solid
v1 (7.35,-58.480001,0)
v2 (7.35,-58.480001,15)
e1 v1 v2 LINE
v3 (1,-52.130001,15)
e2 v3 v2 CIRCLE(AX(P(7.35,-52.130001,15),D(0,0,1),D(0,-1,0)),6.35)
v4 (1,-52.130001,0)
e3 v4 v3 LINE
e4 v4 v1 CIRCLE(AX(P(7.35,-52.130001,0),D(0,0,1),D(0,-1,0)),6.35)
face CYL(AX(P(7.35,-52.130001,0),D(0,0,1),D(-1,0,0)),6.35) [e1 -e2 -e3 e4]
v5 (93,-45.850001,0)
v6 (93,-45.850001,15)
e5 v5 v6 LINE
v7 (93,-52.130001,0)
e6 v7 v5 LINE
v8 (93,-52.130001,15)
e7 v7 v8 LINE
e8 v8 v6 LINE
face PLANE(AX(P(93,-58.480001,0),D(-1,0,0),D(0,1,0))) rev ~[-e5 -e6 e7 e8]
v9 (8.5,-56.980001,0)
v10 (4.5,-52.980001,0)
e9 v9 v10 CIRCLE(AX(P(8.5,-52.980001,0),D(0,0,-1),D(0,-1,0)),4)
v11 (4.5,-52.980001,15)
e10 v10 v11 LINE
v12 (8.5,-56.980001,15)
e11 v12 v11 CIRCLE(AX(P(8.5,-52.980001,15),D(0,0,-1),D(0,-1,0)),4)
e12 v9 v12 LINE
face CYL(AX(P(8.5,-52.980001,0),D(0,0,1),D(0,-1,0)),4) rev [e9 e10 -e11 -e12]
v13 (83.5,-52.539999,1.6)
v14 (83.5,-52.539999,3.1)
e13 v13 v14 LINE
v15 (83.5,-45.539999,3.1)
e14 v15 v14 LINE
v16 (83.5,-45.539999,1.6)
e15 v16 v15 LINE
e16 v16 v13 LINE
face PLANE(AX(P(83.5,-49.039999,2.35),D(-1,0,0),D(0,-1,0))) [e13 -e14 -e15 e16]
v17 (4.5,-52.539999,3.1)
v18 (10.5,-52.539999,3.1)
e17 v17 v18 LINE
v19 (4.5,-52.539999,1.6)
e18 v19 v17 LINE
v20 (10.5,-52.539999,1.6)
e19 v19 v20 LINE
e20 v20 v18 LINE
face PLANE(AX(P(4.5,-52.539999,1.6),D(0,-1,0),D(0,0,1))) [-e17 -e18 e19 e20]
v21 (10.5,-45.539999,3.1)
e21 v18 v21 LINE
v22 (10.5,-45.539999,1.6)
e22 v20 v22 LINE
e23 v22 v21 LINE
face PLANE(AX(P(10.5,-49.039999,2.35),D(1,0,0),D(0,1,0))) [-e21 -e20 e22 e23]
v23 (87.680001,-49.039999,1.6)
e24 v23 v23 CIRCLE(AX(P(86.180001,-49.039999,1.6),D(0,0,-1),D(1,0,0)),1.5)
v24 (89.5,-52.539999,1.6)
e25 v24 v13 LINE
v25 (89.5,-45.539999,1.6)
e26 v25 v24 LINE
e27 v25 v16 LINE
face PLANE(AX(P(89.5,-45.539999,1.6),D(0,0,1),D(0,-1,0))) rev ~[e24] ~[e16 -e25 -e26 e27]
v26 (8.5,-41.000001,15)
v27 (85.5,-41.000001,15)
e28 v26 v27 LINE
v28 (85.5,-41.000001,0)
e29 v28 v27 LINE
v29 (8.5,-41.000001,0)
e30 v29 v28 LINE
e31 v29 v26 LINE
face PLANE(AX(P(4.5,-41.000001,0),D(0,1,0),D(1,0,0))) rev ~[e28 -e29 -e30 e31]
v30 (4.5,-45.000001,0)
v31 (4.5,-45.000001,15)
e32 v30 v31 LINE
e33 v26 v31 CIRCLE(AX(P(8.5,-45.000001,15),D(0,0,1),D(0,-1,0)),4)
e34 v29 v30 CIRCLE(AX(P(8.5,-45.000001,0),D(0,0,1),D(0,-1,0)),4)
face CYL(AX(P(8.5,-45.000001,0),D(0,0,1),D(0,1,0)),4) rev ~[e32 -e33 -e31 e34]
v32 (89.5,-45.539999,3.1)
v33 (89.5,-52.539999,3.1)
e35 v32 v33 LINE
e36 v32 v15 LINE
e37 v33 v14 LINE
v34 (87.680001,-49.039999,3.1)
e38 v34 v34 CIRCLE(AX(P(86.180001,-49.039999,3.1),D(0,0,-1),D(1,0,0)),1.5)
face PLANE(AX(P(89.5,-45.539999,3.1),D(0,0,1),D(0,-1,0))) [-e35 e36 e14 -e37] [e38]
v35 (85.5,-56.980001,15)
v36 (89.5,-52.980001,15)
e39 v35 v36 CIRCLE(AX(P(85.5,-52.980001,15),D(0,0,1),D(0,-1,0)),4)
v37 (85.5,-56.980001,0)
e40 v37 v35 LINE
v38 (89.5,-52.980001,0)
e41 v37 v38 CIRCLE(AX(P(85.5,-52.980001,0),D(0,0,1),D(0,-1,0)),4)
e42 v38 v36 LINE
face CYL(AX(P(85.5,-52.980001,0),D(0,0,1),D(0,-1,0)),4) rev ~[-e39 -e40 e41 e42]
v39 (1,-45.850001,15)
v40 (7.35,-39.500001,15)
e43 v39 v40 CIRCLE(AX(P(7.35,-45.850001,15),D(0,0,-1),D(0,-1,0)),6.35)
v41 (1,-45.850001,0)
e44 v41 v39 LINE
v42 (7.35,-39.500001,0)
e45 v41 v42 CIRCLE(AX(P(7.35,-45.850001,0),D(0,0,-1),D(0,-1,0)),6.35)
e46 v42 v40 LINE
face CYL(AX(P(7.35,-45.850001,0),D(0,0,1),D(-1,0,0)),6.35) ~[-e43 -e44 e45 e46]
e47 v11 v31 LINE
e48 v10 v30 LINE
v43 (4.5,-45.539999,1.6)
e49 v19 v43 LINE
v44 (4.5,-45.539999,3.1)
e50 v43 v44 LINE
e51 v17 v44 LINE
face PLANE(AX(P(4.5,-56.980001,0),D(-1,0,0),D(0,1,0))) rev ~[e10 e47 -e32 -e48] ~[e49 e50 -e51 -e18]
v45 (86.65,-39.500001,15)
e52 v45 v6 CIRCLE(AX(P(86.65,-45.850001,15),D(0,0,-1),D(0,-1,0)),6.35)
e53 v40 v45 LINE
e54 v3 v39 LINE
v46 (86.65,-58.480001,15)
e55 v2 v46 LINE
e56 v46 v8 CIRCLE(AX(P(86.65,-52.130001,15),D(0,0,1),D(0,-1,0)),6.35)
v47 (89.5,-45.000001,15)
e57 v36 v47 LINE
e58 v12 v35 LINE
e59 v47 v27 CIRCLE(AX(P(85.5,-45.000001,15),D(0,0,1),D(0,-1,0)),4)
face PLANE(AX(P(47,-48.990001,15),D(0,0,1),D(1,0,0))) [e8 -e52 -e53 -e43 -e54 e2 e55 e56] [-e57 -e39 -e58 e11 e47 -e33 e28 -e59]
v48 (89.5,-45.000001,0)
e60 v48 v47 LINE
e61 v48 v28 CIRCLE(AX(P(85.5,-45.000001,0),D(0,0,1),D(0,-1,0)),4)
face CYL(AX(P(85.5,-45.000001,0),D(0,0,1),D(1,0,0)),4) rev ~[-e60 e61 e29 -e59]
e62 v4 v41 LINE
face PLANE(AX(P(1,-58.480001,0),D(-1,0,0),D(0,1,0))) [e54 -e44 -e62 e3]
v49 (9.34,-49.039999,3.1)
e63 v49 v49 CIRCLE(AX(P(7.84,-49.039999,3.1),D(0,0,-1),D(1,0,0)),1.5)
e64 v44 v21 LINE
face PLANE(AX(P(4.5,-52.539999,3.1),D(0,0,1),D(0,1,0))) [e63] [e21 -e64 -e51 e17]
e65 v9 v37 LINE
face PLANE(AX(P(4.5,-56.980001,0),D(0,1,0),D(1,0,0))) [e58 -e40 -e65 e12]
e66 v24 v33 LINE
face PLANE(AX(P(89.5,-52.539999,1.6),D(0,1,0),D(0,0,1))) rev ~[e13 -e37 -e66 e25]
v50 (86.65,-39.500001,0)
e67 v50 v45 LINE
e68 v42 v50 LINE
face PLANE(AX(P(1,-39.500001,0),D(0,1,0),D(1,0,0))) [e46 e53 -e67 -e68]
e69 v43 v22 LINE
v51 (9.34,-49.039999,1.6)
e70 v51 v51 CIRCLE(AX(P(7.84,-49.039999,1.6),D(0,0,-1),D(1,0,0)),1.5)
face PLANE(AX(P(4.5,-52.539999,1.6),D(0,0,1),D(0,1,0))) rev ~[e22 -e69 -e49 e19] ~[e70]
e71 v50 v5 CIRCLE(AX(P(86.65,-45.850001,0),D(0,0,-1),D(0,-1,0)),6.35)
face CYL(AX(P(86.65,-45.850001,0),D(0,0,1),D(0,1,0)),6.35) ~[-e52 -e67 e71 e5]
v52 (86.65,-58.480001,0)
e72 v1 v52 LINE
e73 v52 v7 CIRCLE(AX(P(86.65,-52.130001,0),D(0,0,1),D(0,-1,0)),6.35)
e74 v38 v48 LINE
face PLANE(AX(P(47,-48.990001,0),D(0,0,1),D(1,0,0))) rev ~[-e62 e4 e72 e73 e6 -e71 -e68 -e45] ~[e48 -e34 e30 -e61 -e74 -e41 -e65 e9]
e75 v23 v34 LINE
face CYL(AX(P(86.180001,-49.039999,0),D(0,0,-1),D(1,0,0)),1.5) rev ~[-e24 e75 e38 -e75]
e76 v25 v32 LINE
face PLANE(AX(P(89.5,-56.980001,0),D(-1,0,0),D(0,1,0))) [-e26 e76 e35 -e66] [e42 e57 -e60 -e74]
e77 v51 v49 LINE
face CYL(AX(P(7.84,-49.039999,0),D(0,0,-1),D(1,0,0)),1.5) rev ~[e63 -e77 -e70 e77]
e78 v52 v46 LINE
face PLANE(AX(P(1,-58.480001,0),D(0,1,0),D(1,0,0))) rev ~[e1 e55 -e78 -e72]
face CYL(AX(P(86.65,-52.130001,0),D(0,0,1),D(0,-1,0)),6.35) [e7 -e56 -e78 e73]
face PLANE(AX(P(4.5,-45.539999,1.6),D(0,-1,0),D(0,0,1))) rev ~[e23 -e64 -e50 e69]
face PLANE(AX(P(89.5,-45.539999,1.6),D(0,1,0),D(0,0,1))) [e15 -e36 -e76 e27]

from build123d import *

# Parameters (mm, degrees)
SKETCH001_W   = 92
SKETCH001_H   = 18.98
SKETCH001_W_2 = 85
SKETCH001_H_2 = 15.98
PAD001_DEPTH  = 15
FILLET001_R   = 4
FILLET002_R   = 6.35
SKETCH080_W   = 7
SKETCH080_H   = 1.5
PAD002_DEPTH  = 6
SKETCH081_W   = 7
SKETCH081_H   = 1.5
PAD003_DEPTH  = 6
SKETCH082_R   = 1.5
POCKET_DEPTH  = 5


with BuildPart() as part:
    # Sketch001 → Pad001 (new body)
    with BuildSketch(Plane.XY):
        with Locations((47, -48.990001)):
            Rectangle(SKETCH001_W, SKETCH001_H)
        with Locations((47, -48.990001)):
            Rectangle(SKETCH001_W_2, SKETCH001_H_2, mode=Mode.SUBTRACT)
    extrude(amount=PAD001_DEPTH)

    # Fillet001
    fillet001_edges = [part.edges().sort_by_distance(p)[0] for p in [
        (4.5, -41.000001, 7.5),
        (89.5, -41.000001, 7.5),
        (89.5, -56.980001, 7.5),
        (4.5, -56.980001, 7.5),
    ]]
    fillet(fillet001_edges, radius=FILLET001_R)

    # Fillet002
    fillet002_edges = [part.edges().sort_by_distance(p)[0] for p in [
        (1, -39.500001, 7.5),
        (1, -58.480001, 7.5),
        (93, -39.500001, 7.5),
        (93, -58.480001, 7.5),
    ]]
    fillet(fillet002_edges, radius=FILLET002_R)

    # Sketch080 (on Face13 of Fillet002) → Pad002 (join)
    with BuildSketch(Plane(origin=(89.5, 0, 0), x_dir=(0, -1, 0), z_dir=(-1, 0, 0))):
        with Locations((49.039999, 2.35)):
            Rectangle(SKETCH080_W, SKETCH080_H)
    extrude(amount=PAD002_DEPTH)

    # Sketch081 (on Face14 of Pad002) → Pad003 (join)
    with BuildSketch(Plane.YZ.offset(4.5)):
        with Locations((-49.039999, 2.35)):
            Rectangle(SKETCH081_W, SKETCH081_H)
    extrude(amount=PAD003_DEPTH)

    # Sketch082 (on Face1 of Pad003) → Pocket (cut)
    with BuildSketch(Plane(origin=(0, 0, 0), x_dir=(1, 0, 0), z_dir=(0, 0, -1))):
        with Locations((7.84, 49.039999)):
            Circle(SKETCH082_R)
        with Locations((86.180001, 49.039999)):
            Circle(SKETCH082_R)
    extrude(amount=-POCKET_DEPTH, mode=Mode.SUBTRACT)


solid = part.part
